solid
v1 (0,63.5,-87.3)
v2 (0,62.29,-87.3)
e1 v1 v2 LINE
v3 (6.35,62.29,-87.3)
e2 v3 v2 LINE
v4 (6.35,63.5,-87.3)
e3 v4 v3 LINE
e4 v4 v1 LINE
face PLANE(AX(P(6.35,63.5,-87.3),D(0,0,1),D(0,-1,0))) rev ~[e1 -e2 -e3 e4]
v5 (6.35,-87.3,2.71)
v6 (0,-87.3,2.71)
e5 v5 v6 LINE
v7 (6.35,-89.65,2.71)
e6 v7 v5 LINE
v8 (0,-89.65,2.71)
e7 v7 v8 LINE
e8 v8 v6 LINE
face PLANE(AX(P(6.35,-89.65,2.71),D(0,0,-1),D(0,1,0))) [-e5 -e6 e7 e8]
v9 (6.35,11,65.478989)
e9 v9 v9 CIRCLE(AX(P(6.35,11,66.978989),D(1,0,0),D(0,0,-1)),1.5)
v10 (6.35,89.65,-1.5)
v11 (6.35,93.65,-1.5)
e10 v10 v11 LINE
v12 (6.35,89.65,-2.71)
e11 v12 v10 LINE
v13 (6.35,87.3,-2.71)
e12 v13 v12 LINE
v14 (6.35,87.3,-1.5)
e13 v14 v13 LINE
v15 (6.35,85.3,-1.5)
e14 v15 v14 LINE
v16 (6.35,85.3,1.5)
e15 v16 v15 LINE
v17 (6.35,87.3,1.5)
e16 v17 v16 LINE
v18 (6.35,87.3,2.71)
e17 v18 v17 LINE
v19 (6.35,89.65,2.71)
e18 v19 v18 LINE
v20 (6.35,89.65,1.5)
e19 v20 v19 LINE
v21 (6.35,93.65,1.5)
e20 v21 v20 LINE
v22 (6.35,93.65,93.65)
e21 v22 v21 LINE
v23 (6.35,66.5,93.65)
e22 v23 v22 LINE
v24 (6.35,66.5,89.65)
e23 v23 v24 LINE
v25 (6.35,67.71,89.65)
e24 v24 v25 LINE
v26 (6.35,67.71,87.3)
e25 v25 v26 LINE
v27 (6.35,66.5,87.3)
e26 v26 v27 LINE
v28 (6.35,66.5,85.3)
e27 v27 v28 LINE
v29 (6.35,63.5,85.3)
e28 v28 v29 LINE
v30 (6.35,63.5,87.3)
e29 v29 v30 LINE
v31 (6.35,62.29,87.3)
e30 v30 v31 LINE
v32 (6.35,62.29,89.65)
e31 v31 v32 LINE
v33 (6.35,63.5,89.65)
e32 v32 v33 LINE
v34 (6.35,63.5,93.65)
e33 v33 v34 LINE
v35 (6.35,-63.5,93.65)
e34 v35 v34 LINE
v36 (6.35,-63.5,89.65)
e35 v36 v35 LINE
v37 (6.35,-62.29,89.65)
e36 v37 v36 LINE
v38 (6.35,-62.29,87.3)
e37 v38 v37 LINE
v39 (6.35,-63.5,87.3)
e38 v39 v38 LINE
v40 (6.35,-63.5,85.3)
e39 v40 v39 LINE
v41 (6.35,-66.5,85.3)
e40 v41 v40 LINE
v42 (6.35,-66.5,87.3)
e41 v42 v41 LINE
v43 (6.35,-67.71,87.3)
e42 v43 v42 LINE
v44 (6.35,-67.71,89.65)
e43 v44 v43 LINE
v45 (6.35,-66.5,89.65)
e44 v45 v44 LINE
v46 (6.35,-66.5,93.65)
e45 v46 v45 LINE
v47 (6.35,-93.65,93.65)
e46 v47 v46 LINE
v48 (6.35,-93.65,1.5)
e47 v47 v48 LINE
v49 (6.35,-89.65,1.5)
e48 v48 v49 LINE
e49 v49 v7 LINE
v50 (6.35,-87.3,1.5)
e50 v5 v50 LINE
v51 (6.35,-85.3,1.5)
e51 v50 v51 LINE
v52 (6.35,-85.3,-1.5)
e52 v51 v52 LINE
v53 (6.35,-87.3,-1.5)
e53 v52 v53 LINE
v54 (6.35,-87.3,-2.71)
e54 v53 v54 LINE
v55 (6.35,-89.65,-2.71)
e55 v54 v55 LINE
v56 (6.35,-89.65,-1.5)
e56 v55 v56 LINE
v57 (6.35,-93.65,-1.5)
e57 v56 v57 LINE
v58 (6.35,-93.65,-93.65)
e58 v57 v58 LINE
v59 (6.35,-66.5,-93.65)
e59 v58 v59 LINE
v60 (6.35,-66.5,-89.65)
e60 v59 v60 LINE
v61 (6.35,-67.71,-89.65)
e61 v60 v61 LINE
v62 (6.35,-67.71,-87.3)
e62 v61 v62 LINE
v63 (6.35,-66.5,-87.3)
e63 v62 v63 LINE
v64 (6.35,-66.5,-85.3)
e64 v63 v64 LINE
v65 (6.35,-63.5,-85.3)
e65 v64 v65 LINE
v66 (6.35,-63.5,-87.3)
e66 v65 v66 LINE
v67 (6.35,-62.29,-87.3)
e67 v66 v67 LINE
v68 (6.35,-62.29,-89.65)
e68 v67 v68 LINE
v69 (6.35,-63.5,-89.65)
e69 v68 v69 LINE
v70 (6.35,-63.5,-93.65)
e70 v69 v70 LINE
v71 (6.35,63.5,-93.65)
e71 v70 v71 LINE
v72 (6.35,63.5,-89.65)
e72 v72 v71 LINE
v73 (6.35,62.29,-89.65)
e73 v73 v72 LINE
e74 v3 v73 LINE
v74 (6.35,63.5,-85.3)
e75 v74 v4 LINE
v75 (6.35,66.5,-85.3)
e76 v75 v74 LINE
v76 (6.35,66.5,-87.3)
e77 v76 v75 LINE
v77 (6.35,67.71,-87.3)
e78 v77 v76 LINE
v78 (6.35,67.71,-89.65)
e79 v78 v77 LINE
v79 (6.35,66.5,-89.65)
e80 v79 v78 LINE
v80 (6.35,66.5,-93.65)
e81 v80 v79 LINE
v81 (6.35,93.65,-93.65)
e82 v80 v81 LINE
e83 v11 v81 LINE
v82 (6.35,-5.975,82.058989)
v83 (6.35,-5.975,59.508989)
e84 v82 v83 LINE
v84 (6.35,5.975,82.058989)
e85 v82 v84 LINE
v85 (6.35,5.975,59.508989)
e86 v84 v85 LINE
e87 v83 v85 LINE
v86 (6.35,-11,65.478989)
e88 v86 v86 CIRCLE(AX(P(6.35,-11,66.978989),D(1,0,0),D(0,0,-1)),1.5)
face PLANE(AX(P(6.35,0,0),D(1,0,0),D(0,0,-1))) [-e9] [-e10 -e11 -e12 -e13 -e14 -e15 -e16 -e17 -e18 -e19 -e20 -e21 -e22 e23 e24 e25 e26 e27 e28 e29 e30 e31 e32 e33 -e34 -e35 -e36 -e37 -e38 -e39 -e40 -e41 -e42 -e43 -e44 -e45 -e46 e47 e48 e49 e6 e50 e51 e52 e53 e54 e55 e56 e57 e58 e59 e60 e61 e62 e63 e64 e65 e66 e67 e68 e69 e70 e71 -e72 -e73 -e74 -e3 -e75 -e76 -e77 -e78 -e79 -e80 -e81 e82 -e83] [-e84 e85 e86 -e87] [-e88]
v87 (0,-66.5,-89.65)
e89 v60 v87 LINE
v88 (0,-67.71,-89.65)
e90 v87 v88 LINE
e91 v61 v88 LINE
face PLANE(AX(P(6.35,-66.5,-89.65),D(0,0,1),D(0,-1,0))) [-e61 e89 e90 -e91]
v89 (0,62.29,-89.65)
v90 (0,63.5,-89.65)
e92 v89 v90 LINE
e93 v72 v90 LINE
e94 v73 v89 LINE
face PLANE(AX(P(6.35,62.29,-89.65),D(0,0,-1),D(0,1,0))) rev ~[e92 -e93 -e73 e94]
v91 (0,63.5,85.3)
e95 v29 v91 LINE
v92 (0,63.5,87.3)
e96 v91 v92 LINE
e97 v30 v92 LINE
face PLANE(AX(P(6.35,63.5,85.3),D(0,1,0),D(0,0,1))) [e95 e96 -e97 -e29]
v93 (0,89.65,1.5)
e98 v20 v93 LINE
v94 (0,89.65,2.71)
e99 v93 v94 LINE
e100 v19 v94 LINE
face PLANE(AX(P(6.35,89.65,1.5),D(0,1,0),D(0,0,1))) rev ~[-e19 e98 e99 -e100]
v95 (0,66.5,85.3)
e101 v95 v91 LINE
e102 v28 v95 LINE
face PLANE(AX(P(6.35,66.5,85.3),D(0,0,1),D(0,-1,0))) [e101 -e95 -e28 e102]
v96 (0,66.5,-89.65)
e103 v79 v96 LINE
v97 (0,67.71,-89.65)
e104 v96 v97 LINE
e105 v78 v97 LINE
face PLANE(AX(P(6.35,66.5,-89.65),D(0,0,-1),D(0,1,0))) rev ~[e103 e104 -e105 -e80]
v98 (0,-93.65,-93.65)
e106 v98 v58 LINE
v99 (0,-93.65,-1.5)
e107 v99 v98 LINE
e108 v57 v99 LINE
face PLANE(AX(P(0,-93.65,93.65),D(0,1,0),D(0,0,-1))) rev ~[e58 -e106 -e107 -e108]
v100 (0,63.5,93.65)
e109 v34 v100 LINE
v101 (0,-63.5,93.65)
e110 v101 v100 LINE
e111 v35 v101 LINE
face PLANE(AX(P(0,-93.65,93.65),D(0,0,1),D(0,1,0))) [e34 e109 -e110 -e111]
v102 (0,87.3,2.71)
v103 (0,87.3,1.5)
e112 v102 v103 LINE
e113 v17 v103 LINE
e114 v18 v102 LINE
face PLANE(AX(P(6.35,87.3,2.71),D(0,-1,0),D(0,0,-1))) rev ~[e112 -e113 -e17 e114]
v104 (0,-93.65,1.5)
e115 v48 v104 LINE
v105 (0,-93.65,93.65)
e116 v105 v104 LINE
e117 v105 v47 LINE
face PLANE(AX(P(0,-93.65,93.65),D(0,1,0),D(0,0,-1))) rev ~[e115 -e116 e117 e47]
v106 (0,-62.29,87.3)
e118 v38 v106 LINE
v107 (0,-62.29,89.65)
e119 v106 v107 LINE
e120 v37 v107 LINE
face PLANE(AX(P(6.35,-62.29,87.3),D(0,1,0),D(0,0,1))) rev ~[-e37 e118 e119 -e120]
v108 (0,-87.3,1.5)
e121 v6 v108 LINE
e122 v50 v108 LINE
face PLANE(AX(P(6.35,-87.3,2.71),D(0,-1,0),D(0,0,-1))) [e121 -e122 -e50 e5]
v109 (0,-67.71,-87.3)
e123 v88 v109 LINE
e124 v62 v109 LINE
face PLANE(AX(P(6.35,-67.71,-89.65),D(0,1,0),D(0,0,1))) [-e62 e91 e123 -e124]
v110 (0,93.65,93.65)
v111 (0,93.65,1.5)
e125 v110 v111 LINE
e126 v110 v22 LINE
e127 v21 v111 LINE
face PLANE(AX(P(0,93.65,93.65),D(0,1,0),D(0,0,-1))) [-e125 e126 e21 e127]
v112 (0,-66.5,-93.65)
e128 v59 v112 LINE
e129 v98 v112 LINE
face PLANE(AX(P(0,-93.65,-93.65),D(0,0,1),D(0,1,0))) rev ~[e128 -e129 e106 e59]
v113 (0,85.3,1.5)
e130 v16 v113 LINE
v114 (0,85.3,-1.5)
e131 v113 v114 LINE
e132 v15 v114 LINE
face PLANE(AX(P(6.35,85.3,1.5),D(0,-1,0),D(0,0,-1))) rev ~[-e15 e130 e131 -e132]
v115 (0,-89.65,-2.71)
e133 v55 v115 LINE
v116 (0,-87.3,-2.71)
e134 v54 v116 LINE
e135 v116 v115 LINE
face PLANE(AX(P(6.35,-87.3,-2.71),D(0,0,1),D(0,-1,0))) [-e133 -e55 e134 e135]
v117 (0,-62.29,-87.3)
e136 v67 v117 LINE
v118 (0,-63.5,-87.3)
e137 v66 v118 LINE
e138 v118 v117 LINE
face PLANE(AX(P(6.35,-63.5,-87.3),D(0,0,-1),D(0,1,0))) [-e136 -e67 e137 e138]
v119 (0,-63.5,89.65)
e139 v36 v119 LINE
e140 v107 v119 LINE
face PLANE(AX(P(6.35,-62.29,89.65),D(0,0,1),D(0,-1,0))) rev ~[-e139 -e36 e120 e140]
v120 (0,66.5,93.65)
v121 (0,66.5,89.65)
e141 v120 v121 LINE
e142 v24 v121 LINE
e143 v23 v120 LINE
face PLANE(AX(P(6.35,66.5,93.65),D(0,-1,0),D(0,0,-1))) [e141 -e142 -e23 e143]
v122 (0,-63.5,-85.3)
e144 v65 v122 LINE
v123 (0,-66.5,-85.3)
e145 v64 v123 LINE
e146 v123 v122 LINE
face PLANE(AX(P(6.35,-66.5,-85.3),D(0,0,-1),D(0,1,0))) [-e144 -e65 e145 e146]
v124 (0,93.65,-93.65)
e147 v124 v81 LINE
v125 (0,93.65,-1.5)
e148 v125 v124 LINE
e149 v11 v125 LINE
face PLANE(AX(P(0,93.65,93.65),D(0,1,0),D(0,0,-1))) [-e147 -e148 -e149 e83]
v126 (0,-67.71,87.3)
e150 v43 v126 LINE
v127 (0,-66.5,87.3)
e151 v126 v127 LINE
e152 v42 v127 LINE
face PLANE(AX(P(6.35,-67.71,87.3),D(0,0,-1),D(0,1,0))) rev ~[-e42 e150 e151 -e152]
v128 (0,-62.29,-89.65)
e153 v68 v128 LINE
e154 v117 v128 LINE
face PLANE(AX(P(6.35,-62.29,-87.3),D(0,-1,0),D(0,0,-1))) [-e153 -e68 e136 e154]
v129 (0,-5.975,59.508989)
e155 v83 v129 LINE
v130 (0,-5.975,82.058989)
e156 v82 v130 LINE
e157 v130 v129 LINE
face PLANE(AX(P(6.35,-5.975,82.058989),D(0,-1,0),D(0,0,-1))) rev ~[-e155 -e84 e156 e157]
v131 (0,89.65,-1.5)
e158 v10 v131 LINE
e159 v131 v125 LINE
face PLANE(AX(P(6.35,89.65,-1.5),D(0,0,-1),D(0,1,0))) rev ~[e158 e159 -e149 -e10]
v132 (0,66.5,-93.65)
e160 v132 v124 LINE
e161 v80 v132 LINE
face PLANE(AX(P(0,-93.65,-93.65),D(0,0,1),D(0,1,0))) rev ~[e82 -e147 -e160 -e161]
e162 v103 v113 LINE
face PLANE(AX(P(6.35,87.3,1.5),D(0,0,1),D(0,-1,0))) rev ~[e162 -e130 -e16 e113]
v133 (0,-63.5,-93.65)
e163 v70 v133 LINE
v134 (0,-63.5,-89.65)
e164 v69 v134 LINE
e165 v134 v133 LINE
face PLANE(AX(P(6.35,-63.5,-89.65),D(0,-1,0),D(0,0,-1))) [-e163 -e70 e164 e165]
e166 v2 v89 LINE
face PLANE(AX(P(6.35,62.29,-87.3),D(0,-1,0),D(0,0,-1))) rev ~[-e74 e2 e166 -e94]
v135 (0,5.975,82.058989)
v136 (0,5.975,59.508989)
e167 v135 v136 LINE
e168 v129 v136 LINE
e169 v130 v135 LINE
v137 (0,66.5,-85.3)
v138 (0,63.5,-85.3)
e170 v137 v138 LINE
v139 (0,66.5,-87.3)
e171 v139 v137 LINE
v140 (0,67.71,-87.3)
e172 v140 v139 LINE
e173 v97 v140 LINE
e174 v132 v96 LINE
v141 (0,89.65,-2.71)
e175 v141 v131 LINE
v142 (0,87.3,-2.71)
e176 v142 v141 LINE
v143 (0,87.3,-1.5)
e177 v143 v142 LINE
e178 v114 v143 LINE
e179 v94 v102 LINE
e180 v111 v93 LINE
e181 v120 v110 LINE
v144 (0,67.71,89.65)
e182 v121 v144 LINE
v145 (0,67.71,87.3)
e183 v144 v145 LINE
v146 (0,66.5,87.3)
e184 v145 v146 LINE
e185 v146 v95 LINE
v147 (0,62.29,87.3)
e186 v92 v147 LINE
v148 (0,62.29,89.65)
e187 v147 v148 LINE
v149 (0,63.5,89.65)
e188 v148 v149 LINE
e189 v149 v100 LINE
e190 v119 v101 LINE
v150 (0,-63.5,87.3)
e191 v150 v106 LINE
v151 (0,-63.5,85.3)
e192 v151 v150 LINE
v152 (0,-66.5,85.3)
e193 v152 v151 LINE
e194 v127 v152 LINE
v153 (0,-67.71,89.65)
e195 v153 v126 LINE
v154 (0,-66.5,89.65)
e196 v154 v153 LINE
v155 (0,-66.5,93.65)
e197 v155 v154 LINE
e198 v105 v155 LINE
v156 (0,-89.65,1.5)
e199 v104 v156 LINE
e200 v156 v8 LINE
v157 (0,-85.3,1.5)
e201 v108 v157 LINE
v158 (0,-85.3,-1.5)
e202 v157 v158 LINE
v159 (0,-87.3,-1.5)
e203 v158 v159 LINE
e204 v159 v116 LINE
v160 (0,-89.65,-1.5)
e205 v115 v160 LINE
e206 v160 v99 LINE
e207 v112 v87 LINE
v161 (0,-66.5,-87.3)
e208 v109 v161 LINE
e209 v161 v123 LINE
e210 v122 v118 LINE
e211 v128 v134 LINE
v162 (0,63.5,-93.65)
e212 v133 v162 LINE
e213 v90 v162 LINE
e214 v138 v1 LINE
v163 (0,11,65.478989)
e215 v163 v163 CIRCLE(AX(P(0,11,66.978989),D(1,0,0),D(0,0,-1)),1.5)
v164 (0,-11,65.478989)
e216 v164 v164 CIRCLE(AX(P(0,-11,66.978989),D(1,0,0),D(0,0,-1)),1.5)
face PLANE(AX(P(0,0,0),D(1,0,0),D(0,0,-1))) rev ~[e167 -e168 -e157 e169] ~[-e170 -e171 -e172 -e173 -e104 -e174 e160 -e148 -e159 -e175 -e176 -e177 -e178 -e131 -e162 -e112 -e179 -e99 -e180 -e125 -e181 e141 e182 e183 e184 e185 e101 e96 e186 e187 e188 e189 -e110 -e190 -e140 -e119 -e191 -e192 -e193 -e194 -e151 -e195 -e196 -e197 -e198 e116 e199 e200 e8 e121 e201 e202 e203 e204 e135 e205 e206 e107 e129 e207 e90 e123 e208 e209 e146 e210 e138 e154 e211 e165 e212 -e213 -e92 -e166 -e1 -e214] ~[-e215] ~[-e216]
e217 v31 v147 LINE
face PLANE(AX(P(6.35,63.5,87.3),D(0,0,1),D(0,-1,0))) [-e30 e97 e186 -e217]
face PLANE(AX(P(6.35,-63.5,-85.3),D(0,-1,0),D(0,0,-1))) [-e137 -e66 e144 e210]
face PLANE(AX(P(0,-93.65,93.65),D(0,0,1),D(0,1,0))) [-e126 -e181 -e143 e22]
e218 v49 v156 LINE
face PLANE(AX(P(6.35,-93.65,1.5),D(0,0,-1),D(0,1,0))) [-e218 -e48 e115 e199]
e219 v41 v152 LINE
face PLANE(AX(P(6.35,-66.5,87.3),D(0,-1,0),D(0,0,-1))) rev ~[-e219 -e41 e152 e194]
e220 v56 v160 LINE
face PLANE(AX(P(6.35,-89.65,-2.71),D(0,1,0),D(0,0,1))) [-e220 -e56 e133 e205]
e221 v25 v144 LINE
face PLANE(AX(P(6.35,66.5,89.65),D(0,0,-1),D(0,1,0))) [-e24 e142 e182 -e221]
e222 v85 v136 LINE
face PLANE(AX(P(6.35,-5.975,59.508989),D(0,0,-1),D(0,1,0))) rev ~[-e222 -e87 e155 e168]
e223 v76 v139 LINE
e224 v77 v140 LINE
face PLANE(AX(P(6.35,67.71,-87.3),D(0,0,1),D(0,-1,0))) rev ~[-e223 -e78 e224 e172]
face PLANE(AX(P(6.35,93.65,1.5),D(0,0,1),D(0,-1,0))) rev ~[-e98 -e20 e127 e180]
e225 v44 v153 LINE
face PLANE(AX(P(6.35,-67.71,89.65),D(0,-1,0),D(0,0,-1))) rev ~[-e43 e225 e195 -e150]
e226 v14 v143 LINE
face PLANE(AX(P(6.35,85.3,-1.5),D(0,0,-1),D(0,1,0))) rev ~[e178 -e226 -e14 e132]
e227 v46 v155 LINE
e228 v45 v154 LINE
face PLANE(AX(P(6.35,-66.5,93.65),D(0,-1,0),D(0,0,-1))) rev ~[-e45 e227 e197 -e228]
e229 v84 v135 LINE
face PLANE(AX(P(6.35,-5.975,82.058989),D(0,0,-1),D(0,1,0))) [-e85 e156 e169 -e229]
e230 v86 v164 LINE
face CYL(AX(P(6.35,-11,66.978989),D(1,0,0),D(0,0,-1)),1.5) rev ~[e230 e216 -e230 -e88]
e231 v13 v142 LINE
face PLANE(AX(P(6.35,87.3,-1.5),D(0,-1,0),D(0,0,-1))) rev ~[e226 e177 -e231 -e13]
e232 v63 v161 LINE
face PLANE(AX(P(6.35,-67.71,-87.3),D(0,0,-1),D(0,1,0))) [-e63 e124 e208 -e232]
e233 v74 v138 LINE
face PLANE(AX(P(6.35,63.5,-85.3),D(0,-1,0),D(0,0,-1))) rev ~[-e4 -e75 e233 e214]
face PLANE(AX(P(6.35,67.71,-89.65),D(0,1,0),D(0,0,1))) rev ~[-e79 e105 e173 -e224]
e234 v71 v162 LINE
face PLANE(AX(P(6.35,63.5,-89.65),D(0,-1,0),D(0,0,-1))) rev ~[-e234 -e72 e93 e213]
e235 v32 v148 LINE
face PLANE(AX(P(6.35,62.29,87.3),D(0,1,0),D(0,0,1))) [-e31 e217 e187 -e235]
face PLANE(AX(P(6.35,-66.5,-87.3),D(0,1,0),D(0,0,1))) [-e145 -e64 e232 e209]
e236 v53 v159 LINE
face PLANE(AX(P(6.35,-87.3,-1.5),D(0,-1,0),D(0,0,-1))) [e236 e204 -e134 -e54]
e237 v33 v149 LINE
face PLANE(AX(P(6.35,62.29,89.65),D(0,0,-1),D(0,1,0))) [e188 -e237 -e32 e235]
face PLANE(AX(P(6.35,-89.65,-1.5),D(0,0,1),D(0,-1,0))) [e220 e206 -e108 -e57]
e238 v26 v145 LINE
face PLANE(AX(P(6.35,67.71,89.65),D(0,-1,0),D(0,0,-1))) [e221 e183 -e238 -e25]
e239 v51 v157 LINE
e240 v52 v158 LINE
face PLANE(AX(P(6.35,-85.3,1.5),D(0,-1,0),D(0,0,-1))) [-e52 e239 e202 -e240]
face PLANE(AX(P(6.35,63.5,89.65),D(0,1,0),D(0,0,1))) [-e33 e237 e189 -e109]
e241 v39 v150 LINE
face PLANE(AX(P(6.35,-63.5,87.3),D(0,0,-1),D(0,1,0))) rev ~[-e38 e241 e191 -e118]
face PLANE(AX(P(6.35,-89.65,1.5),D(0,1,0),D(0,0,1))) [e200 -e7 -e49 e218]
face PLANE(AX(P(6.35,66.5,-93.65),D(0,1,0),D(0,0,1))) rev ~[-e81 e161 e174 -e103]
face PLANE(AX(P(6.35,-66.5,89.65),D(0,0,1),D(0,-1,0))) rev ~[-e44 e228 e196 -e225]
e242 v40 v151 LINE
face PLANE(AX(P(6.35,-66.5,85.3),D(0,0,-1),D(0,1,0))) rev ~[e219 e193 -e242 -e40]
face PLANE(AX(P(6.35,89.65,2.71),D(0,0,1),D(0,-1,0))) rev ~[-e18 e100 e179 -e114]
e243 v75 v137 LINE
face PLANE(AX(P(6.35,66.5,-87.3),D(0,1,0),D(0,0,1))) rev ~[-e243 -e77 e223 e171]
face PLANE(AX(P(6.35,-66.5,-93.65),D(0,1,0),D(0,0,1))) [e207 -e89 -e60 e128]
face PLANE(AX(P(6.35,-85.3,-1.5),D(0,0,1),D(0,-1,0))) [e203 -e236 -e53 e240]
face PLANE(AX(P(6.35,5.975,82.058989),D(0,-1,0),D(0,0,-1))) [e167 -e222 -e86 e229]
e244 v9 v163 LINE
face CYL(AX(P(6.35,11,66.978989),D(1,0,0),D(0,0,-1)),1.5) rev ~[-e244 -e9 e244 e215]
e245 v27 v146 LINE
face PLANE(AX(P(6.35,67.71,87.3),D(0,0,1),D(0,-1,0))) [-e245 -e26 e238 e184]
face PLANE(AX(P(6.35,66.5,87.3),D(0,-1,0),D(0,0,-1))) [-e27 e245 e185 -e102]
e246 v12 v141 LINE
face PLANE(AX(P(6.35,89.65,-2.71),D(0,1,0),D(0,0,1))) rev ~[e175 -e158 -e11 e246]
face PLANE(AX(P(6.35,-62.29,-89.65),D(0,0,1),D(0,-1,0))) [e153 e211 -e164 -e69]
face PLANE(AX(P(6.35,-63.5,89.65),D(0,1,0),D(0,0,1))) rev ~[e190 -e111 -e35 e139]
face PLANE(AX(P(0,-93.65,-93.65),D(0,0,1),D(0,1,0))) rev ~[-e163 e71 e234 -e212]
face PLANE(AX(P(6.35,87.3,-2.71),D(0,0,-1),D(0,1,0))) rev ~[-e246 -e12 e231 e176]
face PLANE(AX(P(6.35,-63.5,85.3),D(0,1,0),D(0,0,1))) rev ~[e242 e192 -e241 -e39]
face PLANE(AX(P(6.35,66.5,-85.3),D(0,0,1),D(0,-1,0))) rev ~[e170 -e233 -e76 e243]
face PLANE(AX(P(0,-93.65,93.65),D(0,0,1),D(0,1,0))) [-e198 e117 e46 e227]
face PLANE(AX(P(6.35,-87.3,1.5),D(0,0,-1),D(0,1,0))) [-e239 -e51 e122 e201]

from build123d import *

# Parameters (mm, degrees)
SKETCH1_W           = 187.3
SKETCH1_H           = 187.3
BOSS_EXTRUDE1_DEPTH = 6.35
SKETCH2_W           = 22.55
SKETCH2_H           = 11.95
CUT_EXTRUDE1_DEPTH  = 6.35
SKETCH3_R           = 1.5
CUT_EXTRUDE2_DEPTH  = 7.35
CUT_EXTRUDE3_DEPTH  = 7.35


with BuildPart() as part:
    # Sketch1 → Boss-Extrude1 (new body)
    with BuildSketch(Plane(origin=(0, 0, 0), x_dir=(0, 0, -1), z_dir=(1, 0, 0))):
        Rectangle(SKETCH1_W, SKETCH1_H)
    extrude(amount=BOSS_EXTRUDE1_DEPTH)

    # Sketch2 → Cut-Extrude1 (cut)
    with BuildSketch(Plane(origin=(6.35, 0, 0), x_dir=(0, 0, -1), z_dir=(1, 0, 0))):
        with Locations((-70.783988916, 0)):
            Rectangle(SKETCH2_W, SKETCH2_H)
    extrude(amount=-CUT_EXTRUDE1_DEPTH, mode=Mode.SUBTRACT)

    # Sketch3 → Cut-Extrude2 (cut, through all)
    with BuildSketch(Plane(origin=(6.35, 0, 0), x_dir=(0, 0, -1), z_dir=(1, 0, 0))):
        with Locations((-66.978988916, 11)):
            Circle(SKETCH3_R)
        with Locations((-66.978988916, -11)):
            Circle(SKETCH3_R)
    extrude(amount=-CUT_EXTRUDE2_DEPTH, mode=Mode.SUBTRACT)

    # Sketch4 → Cut-Extrude3 (cut, through all)
    with BuildSketch(Plane(origin=(6.35, 0, 0), x_dir=(0, 0, -1), z_dir=(1, 0, 0))):
        Polygon((-93.65, 66.5), (-89.65, 66.5), (-89.65, 67.71), (-87.3, 67.71), (-87.3, 66.5), (-85.3, 66.5), (-85.3, 63.5), (-87.3, 63.5), (-87.3, 62.29), (-89.65, 62.29), (-89.65, 63.5), (-93.65, 63.5), align=None)
        Polygon((-87.3, -63.5), (-87.3, -62.29), (-89.65, -62.29), (-89.65, -63.5), (-93.65, -63.5), (-93.65, -66.5), (-89.65, -66.5), (-89.65, -67.71), (-87.3, -67.71), (-87.3, -66.5), (-85.3, -66.5), (-85.3, -63.5), align=None)
        Polygon((93.65, -66.5), (89.65, -66.5), (89.65, -67.71), (87.3, -67.71), (87.3, -66.5), (85.3, -66.5), (85.3, -63.5), (87.3, -63.5), (87.3, -62.29), (89.65, -62.29), (89.65, -63.5), (93.65, -63.5), align=None)
        Polygon((87.3, 63.5), (87.3, 62.29), (89.65, 62.29), (89.65, 63.5), (93.65, 63.5), (93.65, 66.5), (89.65, 66.5), (89.65, 67.71), (87.3, 67.71), (87.3, 66.5), (85.3, 66.5), (85.3, 63.5), align=None)
        Polygon((-1.5, 93.65), (-1.5, 89.65), (-2.71, 89.65), (-2.71, 87.3), (-1.5, 87.3), (-1.5, 85.3), (1.5, 85.3), (1.5, 87.3), (2.71, 87.3), (2.71, 89.65), (1.5, 89.65), (1.5, 93.65), align=None)
        Polygon((-2.71, -87.3), (-1.5, -87.3), (-1.5, -85.3), (1.5, -85.3), (1.5, -87.3), (2.71, -87.3), (2.71, -89.65), (1.5, -89.65), (1.5, -93.65), (-1.5, -93.65), (-1.5, -89.65), (-2.71, -89.65), align=None)
    extrude(amount=-CUT_EXTRUDE3_DEPTH, mode=Mode.SUBTRACT)


solid = part.part
